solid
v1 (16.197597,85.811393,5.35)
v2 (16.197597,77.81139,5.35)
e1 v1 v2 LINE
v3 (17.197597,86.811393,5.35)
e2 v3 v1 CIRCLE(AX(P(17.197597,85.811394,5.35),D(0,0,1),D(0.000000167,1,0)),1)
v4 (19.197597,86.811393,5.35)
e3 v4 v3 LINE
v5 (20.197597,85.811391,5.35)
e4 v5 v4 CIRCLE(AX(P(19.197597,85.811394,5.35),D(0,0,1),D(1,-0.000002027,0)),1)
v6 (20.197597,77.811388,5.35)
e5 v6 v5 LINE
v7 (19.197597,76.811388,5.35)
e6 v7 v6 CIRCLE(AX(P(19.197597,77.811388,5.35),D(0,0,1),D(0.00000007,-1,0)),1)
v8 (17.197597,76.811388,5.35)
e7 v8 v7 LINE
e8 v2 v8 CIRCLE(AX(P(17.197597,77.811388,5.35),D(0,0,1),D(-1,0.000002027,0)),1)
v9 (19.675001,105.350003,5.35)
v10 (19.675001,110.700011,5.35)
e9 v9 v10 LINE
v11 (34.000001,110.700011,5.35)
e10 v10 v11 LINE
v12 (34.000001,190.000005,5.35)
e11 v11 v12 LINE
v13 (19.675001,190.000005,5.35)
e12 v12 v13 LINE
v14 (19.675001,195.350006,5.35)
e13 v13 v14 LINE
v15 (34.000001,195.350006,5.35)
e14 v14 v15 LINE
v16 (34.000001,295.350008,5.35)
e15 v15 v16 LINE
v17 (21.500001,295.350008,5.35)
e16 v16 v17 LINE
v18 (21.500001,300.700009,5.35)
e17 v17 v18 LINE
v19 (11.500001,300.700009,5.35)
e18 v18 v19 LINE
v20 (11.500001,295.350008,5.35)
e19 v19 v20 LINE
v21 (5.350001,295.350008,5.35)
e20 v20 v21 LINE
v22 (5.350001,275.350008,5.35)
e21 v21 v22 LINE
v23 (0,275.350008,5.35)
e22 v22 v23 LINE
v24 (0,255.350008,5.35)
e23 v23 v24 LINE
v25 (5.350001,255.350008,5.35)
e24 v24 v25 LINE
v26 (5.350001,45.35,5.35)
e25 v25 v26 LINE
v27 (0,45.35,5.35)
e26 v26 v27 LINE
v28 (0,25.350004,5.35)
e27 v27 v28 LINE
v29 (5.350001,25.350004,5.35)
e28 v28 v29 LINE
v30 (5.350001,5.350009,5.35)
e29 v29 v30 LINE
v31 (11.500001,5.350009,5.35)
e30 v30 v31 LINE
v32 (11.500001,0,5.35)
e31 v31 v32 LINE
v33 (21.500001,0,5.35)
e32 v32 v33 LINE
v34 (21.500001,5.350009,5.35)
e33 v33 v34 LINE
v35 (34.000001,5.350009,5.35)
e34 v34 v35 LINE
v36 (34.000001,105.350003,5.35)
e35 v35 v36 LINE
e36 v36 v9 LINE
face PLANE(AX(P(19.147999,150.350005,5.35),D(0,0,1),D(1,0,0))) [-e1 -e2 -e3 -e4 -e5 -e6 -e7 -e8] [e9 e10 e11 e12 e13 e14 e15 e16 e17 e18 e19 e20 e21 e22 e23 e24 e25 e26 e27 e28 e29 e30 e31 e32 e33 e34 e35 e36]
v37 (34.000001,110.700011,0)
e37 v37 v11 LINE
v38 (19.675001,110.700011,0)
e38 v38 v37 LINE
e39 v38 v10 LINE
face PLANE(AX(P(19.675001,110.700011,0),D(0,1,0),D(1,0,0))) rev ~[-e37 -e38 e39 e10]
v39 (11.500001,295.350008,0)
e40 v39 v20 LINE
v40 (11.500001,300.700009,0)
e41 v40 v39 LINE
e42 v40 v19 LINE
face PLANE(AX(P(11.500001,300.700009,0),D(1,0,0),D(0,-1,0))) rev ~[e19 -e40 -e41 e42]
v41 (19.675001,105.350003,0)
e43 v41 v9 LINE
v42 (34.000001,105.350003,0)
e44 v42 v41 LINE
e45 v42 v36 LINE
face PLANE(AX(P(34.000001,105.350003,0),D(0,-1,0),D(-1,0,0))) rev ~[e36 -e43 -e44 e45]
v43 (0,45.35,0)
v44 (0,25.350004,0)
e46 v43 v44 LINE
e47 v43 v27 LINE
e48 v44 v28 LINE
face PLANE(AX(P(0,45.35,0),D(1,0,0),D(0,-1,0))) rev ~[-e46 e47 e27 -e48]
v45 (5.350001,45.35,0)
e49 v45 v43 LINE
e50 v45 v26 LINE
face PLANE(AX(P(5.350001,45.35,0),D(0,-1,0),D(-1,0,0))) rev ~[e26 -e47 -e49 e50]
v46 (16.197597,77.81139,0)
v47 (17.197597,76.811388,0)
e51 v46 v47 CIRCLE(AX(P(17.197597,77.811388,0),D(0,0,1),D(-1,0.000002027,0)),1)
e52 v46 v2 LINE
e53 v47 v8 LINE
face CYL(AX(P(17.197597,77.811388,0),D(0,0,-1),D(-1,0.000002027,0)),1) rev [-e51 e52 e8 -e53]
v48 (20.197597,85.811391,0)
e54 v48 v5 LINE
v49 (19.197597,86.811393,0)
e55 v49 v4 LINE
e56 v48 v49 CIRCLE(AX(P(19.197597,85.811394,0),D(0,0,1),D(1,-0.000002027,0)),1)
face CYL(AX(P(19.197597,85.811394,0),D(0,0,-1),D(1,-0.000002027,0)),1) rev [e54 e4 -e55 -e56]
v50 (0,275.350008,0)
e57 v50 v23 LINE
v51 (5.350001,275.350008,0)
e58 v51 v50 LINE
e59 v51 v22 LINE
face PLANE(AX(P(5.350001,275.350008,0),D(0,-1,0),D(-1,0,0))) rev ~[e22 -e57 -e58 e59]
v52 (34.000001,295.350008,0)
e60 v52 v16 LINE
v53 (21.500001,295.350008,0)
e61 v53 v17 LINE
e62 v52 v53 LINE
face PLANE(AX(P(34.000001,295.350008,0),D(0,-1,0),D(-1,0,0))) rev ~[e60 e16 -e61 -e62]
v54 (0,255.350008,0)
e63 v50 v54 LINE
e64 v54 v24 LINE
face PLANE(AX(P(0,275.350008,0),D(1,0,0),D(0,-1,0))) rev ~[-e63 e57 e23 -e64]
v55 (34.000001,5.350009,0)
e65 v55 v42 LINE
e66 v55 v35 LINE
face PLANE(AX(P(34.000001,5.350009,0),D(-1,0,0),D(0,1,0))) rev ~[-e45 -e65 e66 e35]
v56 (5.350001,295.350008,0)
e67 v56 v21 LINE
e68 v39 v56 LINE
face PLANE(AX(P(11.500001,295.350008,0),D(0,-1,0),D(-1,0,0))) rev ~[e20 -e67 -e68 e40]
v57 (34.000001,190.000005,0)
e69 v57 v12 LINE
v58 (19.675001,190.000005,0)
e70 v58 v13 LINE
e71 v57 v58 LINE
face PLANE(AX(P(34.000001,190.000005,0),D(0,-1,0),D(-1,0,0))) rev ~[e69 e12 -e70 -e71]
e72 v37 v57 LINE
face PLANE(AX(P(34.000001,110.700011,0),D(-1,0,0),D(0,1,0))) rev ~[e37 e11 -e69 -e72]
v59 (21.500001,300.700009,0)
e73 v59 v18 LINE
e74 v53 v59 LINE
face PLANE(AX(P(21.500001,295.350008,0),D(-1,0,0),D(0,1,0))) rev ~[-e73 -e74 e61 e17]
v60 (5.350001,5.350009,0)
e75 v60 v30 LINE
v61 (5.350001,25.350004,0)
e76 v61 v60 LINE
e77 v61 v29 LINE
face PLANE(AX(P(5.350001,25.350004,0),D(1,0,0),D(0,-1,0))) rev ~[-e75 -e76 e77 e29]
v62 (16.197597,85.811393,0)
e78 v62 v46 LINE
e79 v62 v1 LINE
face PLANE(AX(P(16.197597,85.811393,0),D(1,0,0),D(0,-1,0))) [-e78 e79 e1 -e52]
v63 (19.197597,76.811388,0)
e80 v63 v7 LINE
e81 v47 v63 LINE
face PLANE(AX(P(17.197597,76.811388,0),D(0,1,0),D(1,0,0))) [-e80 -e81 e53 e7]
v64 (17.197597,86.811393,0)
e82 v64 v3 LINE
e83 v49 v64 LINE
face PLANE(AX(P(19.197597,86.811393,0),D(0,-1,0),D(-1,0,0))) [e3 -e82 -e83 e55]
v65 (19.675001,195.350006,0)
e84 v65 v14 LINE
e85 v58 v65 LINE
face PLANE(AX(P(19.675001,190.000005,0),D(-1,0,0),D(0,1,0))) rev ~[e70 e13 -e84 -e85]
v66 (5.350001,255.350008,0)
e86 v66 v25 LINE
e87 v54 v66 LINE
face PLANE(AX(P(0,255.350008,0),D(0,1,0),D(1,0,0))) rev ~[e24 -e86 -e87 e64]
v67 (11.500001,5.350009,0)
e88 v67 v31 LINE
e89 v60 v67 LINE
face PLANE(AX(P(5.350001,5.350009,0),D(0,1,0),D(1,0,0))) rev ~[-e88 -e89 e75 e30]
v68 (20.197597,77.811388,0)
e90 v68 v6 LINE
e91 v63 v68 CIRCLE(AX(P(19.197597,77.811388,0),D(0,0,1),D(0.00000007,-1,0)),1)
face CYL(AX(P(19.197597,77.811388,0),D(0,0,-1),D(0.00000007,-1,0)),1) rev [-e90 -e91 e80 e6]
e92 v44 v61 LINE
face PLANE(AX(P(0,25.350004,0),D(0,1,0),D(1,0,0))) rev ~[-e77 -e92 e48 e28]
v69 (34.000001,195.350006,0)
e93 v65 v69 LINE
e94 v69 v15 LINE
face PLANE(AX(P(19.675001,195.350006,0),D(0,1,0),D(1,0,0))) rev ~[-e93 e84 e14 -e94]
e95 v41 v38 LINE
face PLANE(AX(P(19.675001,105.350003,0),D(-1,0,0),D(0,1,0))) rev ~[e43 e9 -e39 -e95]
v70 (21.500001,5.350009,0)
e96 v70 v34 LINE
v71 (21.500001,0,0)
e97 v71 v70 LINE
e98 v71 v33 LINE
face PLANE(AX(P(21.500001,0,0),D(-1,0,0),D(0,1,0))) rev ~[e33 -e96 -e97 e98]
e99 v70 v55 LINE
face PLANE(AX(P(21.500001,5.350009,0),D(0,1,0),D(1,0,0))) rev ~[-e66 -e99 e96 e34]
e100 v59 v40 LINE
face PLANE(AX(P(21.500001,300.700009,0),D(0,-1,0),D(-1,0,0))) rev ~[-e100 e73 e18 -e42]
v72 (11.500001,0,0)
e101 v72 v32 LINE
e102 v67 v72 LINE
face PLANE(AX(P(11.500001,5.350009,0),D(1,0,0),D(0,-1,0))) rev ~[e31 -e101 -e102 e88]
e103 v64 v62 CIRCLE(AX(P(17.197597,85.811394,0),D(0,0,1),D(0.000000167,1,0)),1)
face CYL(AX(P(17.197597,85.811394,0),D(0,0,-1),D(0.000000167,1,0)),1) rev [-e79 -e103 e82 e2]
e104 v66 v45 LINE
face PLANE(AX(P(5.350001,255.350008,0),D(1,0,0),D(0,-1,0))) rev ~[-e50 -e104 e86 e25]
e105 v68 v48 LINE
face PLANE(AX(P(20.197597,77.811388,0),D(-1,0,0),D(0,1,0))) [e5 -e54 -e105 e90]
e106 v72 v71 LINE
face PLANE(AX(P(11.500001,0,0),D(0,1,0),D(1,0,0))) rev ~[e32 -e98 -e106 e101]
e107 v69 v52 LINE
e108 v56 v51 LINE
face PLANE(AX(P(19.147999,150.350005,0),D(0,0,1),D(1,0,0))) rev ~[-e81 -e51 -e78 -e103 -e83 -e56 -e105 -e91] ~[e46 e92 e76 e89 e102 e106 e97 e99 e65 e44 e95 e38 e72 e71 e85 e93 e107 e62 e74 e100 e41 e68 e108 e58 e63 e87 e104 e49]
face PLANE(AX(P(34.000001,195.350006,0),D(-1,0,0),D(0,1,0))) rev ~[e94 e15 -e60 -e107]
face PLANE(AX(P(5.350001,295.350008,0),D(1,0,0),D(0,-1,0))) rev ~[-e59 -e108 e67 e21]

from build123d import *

# Parameters (mm, degrees)
BOSS_EXTRUDE1_DEPTH = 5.35


with BuildPart() as part:
    # Model → Boss-Extrude1 (new body)
    with BuildSketch(Plane.XY):
        Polygon((0, 25.350004435), (5.350001156, 25.350004435), (5.350001156, 5.350008607), (11.500000954, 5.350008607), (11.500000954, 0), (21.50000073, 0), (21.50000073, 5.350008607), (34.000000916, 5.350008607), (34.000000916, 105.350002646), (19.675000687, 105.350002646), (19.675000687, 110.700011253), (34.000000916, 110.700011253), (34.000000916, 190.000005066), (19.675000687, 190.000005066), (19.675000687, 195.350006223), (34.000000916, 195.350006223), (34.000000916, 295.350007713), (21.50000073, 295.350007713), (21.50000073, 300.700008869), (11.500000954, 300.700008869), (11.500000954, 295.350007713), (5.350001156, 295.350007713), (5.350001156, 275.35000816), (0, 275.35000816), (0, 255.350007676), (5.350001156, 255.350007676), (5.350001156, 45.350000262), (0, 45.350000262), align=None)
        with BuildLine():
            Line((20.197596634, 77.811388135), (20.197596634, 85.811391473))
            ThreePointArc((20.197596634, 85.811391473), (19.904704132, 86.518499564), (19.197596634, 86.811393499))
            Line((19.197596634, 86.811393499), (17.197596841, 86.811393499))
            ThreePointArc((17.197596841, 86.811393499), (16.490489953, 86.518500339), (16.197596677, 85.811393499))
            Line((16.197596677, 85.811393499), (16.197596677, 77.811390161))
            ThreePointArc((16.197596677, 77.811390161), (16.490489179, 77.10428207), (17.197596677, 76.811388135))
            Line((17.197596677, 76.811388135), (19.197596703, 76.811388135))
            ThreePointArc((19.197596703, 76.811388135), (19.904703439, 77.104281378), (20.197596634, 77.811388135))
        make_face(mode=Mode.SUBTRACT)
    extrude(amount=BOSS_EXTRUDE1_DEPTH)


solid = part.part
